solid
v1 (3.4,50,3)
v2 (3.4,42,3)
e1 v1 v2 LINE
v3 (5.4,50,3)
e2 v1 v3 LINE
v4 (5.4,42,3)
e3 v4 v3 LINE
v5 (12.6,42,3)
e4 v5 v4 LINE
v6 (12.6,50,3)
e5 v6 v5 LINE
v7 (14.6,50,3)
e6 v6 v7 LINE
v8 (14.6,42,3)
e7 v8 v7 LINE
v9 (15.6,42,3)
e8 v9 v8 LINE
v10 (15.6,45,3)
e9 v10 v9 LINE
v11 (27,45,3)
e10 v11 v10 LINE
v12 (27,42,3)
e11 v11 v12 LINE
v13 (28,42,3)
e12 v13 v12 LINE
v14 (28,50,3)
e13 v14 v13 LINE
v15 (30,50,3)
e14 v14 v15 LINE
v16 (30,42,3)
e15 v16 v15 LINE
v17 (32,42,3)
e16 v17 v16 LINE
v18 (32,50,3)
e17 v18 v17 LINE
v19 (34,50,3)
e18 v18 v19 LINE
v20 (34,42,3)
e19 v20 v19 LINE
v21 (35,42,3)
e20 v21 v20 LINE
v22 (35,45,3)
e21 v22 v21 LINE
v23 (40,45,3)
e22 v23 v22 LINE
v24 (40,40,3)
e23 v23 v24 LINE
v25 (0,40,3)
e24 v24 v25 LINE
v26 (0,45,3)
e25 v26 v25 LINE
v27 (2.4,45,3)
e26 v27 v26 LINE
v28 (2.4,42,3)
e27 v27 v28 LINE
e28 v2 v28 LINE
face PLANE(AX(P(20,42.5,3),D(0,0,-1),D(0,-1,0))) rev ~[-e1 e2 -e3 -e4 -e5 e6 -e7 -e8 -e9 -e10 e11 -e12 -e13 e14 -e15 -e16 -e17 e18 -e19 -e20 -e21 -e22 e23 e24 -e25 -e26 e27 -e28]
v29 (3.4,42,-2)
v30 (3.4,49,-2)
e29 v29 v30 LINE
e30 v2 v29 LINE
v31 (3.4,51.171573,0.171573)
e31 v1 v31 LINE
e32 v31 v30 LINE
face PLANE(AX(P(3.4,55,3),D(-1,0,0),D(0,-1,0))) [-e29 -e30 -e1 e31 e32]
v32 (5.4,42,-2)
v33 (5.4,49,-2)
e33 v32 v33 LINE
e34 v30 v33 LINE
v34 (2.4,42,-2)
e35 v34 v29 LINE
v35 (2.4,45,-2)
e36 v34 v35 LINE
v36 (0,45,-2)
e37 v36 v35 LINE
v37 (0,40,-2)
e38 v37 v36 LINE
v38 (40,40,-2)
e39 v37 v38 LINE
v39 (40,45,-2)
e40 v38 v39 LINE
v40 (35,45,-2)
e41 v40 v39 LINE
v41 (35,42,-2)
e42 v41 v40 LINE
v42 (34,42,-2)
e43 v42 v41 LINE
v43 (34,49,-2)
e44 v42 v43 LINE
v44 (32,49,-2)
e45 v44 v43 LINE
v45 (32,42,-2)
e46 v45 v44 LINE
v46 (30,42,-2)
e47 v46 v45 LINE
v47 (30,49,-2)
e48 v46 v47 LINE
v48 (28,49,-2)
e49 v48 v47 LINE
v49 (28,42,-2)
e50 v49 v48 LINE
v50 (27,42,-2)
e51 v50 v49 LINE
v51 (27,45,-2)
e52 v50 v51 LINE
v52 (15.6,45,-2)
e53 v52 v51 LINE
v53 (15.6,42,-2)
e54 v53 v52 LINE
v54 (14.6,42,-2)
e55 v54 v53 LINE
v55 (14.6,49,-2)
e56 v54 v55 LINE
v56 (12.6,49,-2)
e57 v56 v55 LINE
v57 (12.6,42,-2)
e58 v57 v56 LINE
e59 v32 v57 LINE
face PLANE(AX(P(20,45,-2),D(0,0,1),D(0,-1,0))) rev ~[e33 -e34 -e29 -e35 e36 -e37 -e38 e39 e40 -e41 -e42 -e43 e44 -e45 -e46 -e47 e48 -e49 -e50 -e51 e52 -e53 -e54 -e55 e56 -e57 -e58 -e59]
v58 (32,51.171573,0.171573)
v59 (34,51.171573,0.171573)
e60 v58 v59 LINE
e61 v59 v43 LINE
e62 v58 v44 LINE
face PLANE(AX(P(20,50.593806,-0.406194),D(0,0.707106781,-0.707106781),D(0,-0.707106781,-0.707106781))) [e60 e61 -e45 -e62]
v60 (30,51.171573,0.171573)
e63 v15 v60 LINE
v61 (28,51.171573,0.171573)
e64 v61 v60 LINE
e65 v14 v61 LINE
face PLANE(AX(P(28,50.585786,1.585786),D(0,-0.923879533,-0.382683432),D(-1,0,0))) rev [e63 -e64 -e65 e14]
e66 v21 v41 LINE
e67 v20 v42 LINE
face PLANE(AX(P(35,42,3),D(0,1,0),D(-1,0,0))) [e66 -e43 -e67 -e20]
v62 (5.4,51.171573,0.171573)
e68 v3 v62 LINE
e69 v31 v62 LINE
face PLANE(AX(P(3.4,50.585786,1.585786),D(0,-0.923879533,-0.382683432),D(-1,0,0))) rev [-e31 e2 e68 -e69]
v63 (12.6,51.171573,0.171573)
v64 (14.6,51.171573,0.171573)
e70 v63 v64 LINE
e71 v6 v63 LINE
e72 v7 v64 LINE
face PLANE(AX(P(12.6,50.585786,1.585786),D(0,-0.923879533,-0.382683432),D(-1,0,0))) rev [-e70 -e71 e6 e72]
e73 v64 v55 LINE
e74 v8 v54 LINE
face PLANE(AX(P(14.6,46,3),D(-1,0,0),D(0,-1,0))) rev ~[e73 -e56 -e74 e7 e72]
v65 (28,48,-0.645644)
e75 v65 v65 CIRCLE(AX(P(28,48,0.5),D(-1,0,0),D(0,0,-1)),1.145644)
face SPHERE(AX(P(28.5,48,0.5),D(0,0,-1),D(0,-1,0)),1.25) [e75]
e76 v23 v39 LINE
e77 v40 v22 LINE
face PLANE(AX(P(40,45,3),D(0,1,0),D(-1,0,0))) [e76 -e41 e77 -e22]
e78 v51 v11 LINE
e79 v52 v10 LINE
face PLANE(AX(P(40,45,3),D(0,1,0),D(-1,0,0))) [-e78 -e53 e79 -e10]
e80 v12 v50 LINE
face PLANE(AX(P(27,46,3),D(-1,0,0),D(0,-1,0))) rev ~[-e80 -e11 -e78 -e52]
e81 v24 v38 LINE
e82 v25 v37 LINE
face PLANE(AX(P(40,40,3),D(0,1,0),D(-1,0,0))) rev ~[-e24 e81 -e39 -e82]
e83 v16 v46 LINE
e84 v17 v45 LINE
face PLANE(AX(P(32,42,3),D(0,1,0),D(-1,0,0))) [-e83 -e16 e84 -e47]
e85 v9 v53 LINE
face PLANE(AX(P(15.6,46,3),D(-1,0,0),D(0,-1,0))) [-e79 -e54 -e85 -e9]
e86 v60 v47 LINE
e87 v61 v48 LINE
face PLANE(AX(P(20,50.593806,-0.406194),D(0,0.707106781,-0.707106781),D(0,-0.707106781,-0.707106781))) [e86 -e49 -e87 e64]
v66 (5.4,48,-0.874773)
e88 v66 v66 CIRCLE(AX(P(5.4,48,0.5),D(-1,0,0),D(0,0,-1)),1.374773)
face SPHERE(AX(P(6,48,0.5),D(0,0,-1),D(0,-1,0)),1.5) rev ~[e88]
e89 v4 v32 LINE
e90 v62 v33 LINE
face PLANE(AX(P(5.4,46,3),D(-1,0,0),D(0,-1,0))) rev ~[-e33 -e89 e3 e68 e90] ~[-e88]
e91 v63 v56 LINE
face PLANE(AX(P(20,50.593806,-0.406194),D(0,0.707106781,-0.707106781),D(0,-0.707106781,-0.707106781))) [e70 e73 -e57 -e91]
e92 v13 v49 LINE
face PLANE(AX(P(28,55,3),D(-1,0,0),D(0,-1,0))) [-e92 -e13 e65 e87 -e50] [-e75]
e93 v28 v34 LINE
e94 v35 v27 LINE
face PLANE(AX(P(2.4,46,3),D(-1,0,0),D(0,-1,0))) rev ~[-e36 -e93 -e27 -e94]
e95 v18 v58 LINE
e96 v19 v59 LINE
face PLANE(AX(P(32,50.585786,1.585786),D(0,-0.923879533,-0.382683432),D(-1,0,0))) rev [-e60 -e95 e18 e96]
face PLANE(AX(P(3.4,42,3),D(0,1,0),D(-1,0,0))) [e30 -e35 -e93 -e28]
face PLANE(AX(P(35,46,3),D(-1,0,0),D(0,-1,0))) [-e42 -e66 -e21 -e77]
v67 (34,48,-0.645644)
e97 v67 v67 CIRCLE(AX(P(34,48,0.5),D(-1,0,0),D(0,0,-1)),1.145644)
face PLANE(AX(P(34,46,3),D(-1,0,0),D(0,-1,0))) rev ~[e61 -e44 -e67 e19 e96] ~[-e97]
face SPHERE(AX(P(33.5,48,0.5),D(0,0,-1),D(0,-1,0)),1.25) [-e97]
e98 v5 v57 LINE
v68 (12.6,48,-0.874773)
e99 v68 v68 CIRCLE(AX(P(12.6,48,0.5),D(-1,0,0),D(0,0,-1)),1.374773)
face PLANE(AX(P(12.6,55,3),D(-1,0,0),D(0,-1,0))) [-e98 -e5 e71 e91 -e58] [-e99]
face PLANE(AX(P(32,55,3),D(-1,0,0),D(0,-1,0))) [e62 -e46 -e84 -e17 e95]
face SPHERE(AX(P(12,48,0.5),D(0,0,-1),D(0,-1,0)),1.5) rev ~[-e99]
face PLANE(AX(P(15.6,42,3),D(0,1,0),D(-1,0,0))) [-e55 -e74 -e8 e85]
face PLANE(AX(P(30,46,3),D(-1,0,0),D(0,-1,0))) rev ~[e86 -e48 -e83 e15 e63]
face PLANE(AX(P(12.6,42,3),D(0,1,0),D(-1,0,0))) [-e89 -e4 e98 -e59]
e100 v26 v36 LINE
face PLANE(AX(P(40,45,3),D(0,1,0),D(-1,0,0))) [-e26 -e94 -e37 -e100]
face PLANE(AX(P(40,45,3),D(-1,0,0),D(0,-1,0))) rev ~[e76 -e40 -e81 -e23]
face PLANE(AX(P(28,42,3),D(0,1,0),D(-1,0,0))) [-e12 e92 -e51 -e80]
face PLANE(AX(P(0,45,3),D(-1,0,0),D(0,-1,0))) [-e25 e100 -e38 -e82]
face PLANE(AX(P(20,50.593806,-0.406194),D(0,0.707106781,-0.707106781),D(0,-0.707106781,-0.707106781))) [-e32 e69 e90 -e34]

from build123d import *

# Parameters (mm, degrees)
BOX043_W               = 12
BOX043_H               = 44
BOX043_DEPTH           = 10
BOX045_W               = 4
BOX045_H               = 1
BOX045_DEPTH           = 7
BOX047_W               = 4
BOX047_H               = 1
BOX047_DEPTH           = 7
BOX041_W               = 4
BOX041_H               = 2
BOX041_DEPTH           = 7
BOX048_W               = 4
BOX048_H               = 1
BOX048_DEPTH           = 7
BOX044_W               = 4
BOX044_H               = 1
BOX044_DEPTH           = 7
BOX052_W               = 4
BOX052_H               = 7.2
BOX052_DEPTH           = 7
BOX050_W               = 13
BOX050_H               = 40
BOX050_DEPTH           = 10
BOX050_PLACEMENT_ANGLE = 45
BOX040_W               = 10
BOX040_H               = 2
BOX040_DEPTH           = 7
BOX042_W               = 10
BOX042_H               = 2
BOX042_DEPTH           = 7
BOX049_W               = 10
BOX049_H               = 2
BOX049_DEPTH           = 7
BOX051_W               = 10
BOX051_H               = 2
BOX051_DEPTH           = 7
BOX046_W               = 5
BOX046_H               = 40
BOX046_DEPTH           = 7
CHAMFER004_SIZE        = 4
CUT016_PLACEMENT_ANGLE = 180
CUT015_PLACEMENT_ANGLE = 90


with BuildPart() as cube043:
    # Box043 → Box043 (new body)
    with BuildSketch(Plane(origin=(-11, -2, -12), x_dir=(1, 0, 0), z_dir=(0, 0, 1))):
        with Locations((6, 22)):
            Rectangle(BOX043_W, BOX043_H)
    extrude(amount=BOX043_DEPTH)


with BuildPart() as cube045:
    # Box045 → Box045 (new body)
    with BuildSketch(Plane(origin=(-1, 12, 0), x_dir=(1, 0, 0), z_dir=(0, 0, 1))):
        with Locations((2, 0.5)):
            Rectangle(BOX045_W, BOX045_H)
    extrude(amount=BOX045_DEPTH)


with BuildPart() as cube047:
    # Box047 → Box047 (new body)
    with BuildSketch(Plane(origin=(-1, 36.6, 0), x_dir=(1, 0, 0), z_dir=(0, 0, 1))):
        with Locations((2, 0.5)):
            Rectangle(BOX047_W, BOX047_H)
    extrude(amount=BOX047_DEPTH)


with BuildPart() as cube041:
    # Box041 → Box041 (new body)
    with BuildSketch(Plane(origin=(-1, 8, 0), x_dir=(1, 0, 0), z_dir=(0, 0, 1))):
        with Locations((2, 1)):
            Rectangle(BOX041_W, BOX041_H)
    extrude(amount=BOX041_DEPTH)


with BuildPart() as cube048:
    # Box048 → Box048 (new body)
    with BuildSketch(Plane(origin=(-1, 24.4, 0), x_dir=(1, 0, 0), z_dir=(0, 0, 1))):
        with Locations((2, 0.5)):
            Rectangle(BOX048_W, BOX048_H)
    extrude(amount=BOX048_DEPTH)


with BuildPart() as cube044:
    # Box044 → Box044 (new body)
    with BuildSketch(Plane(origin=(-1, 5, 0), x_dir=(1, 0, 0), z_dir=(0, 0, 1))):
        with Locations((2, 0.5)):
            Rectangle(BOX044_W, BOX044_H)
    extrude(amount=BOX044_DEPTH)


with BuildPart() as fusion014:
    # Box052 → Box052 (new body)
    with BuildSketch(Plane(origin=(-1, 27.4, 0), x_dir=(1, 0, 0), z_dir=(0, 0, 1))):
        with Locations((2, 3.6)):
            Rectangle(BOX052_W, BOX052_H)
    extrude(amount=BOX052_DEPTH)

    # Fusion014: union Cube045, Cube047, Cube041, Cube048, Cube044
    add(cube045.part)
    add(cube047.part)
    add(cube041.part)
    add(cube048.part)
    add(cube044.part)


with BuildPart() as sphere021:
    # Sphere021 → Sphere021 (revolve)
    with BuildSketch(Plane(origin=(-3, 28, 2.5), x_dir=(1, 0, 0), z_dir=(0, -1, 0))):
        with BuildLine():
            ThreePointArc((0, -1.5), (1.5, 0), (0, 1.5))
            Line((0, 1.5), (0, -1.5))
        make_face()
    revolve(axis=Axis((-3, 28, 2.5), (0, 0, 1)))


with BuildPart() as fusion016:
    # Sphere023 → Sphere023 (revolve)
    with BuildSketch(Plane(origin=(-3, 34, 2.5), x_dir=(1, 0, 0), z_dir=(0, -1, 0))):
        with BuildLine():
            ThreePointArc((0, -1.5), (1.5, 0), (0, 1.5))
            Line((0, 1.5), (0, -1.5))
        make_face()
    revolve(axis=Axis((-3, 34, 2.5), (0, 0, 1)))

    # Fusion016: union Sphere021
    add(sphere021.part)


with BuildPart() as sphere020:
    # Sphere020 → Sphere020 (revolve)
    with BuildSketch(Plane(origin=(-3, 11.5, 2.5), x_dir=(1, 0, 0), z_dir=(0, -1, 0))):
        with BuildLine():
            ThreePointArc((0, -1.25), (1.25, 0), (0, 1.25))
            Line((0, 1.25), (0, -1.25))
        make_face()
    revolve(axis=Axis((-3, 11.5, 2.5), (0, 0, 1)))


with BuildPart() as cube050:
    # Box050 → Box050 (new body)
    with BuildSketch(Plane.XY):
        with Locations((6.5, 20)):
            Rectangle(BOX050_W, BOX050_H)
    extrude(amount=BOX050_DEPTH)


with BuildPart() as cube050_1:
    # Box050 placement: moved
    add(cube050.part.moved(Location((-10.19, 0, -1.19))).rotate(Axis((-10.19, 0, -1.19), (0, -1, 0)), BOX050_PLACEMENT_ANGLE))


with BuildPart() as cube040:
    # Box040 → Box040 (new body)
    with BuildSketch(Plane(origin=(-10, 6, 0), x_dir=(1, 0, 0), z_dir=(0, 0, 1))):
        with Locations((5, 1)):
            Rectangle(BOX040_W, BOX040_H)
    extrude(amount=BOX040_DEPTH)


with BuildPart() as cube042:
    # Box042 → Box042 (new body)
    with BuildSketch(Plane(origin=(-10, 10, 0), x_dir=(1, 0, 0), z_dir=(0, 0, 1))):
        with Locations((5, 1)):
            Rectangle(BOX042_W, BOX042_H)
    extrude(amount=BOX042_DEPTH)


with BuildPart() as cube049:
    # Box049 → Box049 (new body)
    with BuildSketch(Plane(origin=(-10, 25.4, 0), x_dir=(1, 0, 0), z_dir=(0, 0, 1))):
        with Locations((5, 1)):
            Rectangle(BOX049_W, BOX049_H)
    extrude(amount=BOX049_DEPTH)


with BuildPart() as cube051:
    # Box051 → Box051 (new body)
    with BuildSketch(Plane(origin=(-10, 34.6, 0), x_dir=(1, 0, 0), z_dir=(0, 0, 1))):
        with Locations((5, 1)):
            Rectangle(BOX051_W, BOX051_H)
    extrude(amount=BOX051_DEPTH)


with BuildPart() as cut013:
    # Box046 → Box046 (new body)
    with BuildSketch(Plane.XY):
        with Locations((2.5, 20)):
            Rectangle(BOX046_W, BOX046_H)
    extrude(amount=BOX046_DEPTH)

    # Fusion015: union Cube040, Cube042, Cube049, Cube051
    add(cube040.part)
    add(cube042.part)
    add(cube049.part)
    add(cube051.part)

    # Cut013: cut Cube050
    add(cube050_1.part, mode=Mode.SUBTRACT)


with BuildPart() as cut015:
    # Sphere022 → Sphere022 (revolve)
    with BuildSketch(Plane(origin=(-3, 6.5, 2.5), x_dir=(1, 0, 0), z_dir=(0, -1, 0))):
        with BuildLine():
            ThreePointArc((0, -1.25), (1.25, 0), (0, 1.25))
            Line((0, 1.25), (0, -1.25))
        make_face()
    revolve(axis=Axis((-3, 6.5, 2.5), (0, 0, 1)))

    # Fusion013: union Sphere020, Cut013
    add(sphere020.part)
    add(cut013.part)

    # Cut014: cut Fusion016
    add(fusion016.part, mode=Mode.SUBTRACT)

    # Chamfer004
    chamfer004_edges = [cut015.edges().sort_by_distance(p)[0] for p in [
        (-9, 7, 0),
        (-9, 11, 0),
        (-9, 35.6, 0),
        (-9, 26.4, 0),
    ]]
    chamfer(chamfer004_edges, length=CHAMFER004_SIZE)

    # Cut016: cut Fusion014
    add(fusion014.part, mode=Mode.SUBTRACT)


with BuildPart() as cut015_1:
    # Cut016 placement: moved
    add(cut015.part.moved(Location((-5, 40, 3))).rotate(Axis((-5, 40, 3), (1, 0, 0)), CUT016_PLACEMENT_ANGLE))

    # Cut015: cut Cube043
    add(cube043.part, mode=Mode.SUBTRACT)


with BuildPart() as cut015_2:
    # Cut015 placement: moved
    add(cut015_1.part.moved(Location((0, 40, 0))).rotate(Axis((0, 40, 0), (0, 0, -1)), CUT015_PLACEMENT_ANGLE))


solid = cut015_2.part
